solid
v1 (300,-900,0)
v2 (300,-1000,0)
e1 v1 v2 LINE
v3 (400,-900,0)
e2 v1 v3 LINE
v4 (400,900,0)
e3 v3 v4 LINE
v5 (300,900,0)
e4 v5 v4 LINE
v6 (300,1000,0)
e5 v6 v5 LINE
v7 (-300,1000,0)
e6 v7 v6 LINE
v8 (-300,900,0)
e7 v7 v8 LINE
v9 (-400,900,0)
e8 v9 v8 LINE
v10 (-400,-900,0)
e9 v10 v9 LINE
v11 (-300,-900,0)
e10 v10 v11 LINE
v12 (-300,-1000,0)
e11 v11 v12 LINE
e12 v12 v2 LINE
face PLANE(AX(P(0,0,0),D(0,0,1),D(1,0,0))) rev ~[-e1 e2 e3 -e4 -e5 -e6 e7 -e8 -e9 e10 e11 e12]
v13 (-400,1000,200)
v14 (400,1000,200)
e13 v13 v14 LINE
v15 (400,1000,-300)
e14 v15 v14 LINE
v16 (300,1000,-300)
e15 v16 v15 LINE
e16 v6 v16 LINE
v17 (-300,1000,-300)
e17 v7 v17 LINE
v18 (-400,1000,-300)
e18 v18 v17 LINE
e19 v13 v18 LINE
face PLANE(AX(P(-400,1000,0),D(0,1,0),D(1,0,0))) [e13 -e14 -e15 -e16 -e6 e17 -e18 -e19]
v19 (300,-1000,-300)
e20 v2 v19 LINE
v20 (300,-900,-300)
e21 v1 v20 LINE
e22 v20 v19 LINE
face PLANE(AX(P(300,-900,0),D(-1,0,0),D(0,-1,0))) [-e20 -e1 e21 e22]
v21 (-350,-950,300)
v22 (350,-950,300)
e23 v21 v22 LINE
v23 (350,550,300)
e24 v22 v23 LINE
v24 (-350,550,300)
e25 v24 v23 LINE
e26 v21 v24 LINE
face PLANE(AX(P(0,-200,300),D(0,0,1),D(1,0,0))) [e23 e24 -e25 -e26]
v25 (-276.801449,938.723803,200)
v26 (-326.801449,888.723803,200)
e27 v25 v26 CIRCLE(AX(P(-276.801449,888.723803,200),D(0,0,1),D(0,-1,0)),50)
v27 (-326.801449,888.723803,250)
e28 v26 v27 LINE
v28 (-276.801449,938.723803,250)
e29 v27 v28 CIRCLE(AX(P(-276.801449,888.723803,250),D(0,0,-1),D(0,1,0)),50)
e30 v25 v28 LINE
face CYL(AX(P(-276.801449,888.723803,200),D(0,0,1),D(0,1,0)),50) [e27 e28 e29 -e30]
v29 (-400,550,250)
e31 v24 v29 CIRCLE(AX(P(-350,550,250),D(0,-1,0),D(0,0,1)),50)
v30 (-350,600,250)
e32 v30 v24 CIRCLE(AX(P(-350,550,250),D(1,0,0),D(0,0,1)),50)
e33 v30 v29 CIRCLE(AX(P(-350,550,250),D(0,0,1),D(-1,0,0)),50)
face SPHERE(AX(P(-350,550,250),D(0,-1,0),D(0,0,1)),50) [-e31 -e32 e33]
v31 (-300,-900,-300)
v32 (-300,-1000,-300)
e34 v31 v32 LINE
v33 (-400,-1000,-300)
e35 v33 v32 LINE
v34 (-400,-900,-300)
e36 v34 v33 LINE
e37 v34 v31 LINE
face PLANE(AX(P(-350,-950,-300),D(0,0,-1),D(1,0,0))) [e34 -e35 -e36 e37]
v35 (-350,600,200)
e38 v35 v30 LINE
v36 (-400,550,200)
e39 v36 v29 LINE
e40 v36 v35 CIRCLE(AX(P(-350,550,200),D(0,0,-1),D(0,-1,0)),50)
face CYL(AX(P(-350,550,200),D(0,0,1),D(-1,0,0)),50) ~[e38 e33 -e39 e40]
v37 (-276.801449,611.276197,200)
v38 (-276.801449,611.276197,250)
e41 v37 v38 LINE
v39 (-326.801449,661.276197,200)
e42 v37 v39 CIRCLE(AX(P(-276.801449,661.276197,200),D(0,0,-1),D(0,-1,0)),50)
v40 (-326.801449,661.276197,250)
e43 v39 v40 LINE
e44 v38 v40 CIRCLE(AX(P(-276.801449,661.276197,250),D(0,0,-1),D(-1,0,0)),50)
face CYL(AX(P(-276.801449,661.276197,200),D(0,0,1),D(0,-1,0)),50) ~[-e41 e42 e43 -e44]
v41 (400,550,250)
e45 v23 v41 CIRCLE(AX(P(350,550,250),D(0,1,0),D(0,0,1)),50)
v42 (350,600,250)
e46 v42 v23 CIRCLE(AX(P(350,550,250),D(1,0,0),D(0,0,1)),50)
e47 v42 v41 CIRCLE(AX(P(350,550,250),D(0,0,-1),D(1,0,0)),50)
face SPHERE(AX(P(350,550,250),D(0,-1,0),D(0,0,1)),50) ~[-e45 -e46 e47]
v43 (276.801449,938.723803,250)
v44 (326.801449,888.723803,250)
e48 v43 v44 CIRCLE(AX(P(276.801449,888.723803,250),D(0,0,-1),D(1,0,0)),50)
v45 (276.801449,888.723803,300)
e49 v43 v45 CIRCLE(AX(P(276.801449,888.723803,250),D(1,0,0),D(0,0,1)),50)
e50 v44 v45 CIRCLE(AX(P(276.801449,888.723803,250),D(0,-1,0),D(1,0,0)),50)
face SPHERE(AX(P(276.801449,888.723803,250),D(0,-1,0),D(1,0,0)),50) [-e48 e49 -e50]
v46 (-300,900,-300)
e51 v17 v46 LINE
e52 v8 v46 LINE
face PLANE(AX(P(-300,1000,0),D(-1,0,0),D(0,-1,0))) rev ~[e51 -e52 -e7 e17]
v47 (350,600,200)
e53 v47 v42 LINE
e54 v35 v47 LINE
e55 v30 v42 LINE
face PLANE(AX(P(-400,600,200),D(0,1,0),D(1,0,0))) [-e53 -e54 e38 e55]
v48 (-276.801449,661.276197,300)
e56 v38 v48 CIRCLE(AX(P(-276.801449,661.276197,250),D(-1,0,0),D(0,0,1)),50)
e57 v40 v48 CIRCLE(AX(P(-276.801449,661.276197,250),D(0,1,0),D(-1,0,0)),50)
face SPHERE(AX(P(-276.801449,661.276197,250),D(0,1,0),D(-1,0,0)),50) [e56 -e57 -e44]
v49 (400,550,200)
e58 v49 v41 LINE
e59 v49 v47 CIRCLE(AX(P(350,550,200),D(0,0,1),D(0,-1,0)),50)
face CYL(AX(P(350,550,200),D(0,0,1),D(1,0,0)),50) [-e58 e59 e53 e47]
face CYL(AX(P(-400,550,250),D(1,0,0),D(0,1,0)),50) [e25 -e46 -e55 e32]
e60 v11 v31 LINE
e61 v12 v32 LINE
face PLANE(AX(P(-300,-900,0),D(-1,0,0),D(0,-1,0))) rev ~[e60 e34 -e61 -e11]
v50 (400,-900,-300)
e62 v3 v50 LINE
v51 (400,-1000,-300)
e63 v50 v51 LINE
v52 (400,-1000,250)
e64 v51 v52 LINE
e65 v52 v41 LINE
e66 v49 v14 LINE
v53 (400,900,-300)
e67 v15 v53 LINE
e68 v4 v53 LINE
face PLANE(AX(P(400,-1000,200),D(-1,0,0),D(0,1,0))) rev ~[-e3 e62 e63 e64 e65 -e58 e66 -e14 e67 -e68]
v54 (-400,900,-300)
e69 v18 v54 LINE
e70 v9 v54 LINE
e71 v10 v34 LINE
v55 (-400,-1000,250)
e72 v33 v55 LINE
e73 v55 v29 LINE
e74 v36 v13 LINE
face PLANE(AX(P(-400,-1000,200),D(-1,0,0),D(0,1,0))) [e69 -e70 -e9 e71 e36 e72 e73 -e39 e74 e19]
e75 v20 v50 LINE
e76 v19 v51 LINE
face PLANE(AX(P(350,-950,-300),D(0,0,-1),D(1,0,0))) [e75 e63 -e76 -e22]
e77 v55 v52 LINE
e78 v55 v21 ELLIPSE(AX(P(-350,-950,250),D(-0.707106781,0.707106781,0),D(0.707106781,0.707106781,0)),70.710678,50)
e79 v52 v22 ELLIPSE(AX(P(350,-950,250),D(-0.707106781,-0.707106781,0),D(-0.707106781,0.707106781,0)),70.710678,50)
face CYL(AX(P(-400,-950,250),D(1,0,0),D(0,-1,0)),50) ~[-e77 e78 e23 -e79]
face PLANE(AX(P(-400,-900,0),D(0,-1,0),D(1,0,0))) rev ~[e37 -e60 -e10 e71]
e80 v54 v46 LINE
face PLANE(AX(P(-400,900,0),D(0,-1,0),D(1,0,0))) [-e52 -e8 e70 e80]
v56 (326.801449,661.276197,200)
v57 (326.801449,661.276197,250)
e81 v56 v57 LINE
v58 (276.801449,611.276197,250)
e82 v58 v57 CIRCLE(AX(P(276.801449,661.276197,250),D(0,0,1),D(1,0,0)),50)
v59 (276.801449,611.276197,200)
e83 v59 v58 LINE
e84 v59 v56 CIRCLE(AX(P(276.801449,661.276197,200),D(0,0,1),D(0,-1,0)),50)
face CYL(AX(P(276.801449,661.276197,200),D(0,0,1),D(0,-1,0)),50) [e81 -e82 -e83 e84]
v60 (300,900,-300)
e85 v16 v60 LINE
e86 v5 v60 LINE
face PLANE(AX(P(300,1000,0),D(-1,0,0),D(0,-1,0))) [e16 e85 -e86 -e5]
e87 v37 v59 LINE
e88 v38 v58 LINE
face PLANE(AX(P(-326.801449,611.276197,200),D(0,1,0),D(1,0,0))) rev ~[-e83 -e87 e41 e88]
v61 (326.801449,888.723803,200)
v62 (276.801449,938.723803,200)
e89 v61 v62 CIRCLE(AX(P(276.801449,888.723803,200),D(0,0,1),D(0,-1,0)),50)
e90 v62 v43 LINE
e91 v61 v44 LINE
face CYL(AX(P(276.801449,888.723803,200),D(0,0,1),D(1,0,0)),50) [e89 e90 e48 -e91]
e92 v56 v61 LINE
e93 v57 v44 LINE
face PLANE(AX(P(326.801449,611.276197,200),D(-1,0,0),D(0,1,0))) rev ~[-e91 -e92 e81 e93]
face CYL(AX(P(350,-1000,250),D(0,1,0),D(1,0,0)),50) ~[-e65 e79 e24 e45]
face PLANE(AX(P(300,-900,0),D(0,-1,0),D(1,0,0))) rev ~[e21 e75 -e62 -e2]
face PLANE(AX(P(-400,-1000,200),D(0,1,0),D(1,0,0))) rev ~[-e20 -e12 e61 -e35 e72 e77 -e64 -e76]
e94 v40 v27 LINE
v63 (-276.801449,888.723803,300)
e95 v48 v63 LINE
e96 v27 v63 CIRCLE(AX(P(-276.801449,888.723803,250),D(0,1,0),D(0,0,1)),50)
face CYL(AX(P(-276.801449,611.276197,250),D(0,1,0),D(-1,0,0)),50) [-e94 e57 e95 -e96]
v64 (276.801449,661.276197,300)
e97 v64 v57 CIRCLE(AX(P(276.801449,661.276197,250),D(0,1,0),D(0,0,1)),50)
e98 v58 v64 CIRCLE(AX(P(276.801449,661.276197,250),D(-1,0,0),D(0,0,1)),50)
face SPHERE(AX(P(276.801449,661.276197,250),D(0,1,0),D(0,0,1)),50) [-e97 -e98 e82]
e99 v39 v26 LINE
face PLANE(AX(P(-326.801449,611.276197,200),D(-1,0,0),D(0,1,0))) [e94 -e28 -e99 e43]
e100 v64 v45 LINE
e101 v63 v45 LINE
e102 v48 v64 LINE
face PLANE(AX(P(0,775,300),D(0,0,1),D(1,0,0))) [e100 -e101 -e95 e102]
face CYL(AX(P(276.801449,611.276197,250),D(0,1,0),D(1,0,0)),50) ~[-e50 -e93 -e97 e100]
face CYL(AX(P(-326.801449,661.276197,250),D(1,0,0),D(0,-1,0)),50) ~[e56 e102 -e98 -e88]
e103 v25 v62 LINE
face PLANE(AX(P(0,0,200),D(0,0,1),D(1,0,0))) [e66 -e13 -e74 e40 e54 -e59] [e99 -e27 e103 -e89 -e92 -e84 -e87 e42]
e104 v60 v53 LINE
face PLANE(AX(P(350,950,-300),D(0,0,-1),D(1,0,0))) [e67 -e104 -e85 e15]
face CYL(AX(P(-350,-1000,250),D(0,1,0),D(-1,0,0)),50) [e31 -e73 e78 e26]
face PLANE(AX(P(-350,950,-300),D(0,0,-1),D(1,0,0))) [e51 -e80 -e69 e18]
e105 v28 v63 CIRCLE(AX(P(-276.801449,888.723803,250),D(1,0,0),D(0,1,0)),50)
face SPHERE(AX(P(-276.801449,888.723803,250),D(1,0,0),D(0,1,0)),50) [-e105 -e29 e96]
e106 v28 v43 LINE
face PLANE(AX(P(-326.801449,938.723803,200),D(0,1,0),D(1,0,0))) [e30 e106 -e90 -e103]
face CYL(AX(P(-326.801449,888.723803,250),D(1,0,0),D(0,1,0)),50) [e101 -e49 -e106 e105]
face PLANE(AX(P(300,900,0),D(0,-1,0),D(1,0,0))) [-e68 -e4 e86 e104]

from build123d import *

# Parameters (mm, degrees)
F0_W     = 800
F0_H     = 2000
F1_DEPTH = 200
F2_W     = 100
F2_H     = 100
F3_DEPTH = 300
F4_W     = 800
F4_H     = 1600
F5_DEPTH = 100
F6_R     = 50
F7_W     = 653.6028981209
F7_H     = 327.4476051331
F8_DEPTH = 100
F9_R     = 50


with BuildPart() as f1:
    # F0 (on Top) → F1 (new body)
    with BuildSketch(Plane.XY):
        Rectangle(F0_W, F0_H)
    extrude(amount=F1_DEPTH)

    # F2 (on face) → F3 (join)
    with BuildSketch(Plane(origin=(0, 0, 0), x_dir=(1, 0, 0), z_dir=(0, 0, -1))):
        with Locations((350, 950)):
            Rectangle(F2_W, F2_H)
        with Locations((-350, 950)):
            Rectangle(F2_W, F2_H)
        with Locations((-350, -950)):
            Rectangle(F2_W, F2_H)
        with Locations((350, -950)):
            Rectangle(F2_W, F2_H)
    extrude(amount=F3_DEPTH)

    # F4 (on face) → F5 (join)
    with BuildSketch(Plane.XY.offset(200)):
        with Locations((0, -200)):
            Rectangle(F4_W, F4_H)
    extrude(amount=F5_DEPTH)

    # F6
    f6_edges = [f1.edges().sort_by_distance(p)[0] for p in [
        (400, -200, 300),
        (0, -1000, 300),
        (-400, -200, 300),
        (0, 600, 300),
        (400, 600, 250),
        (-400, 600, 250),
    ]]
    fillet(f6_edges, radius=F6_R)

    # F7 (on face) → F8 (join)
    with BuildSketch(Plane.XY.offset(200)):
        with Locations((0, 775)):
            Rectangle(F7_W, F7_H)
    extrude(amount=F8_DEPTH)

    # F9
    f9_edges = [f1.edges().sort_by_distance(p)[0] for p in [
        (326.801449, 775, 300),
        (326.801449, 938.723803, 250),
        (0, 938.723803, 300),
        (-326.801449, 938.723803, 250),
        (-326.801449, 775, 300),
        (-326.801449, 611.276197, 250),
        (0, 611.276197, 300),
        (326.801449, 611.276197, 250),
    ]]
    fillet(f9_edges, radius=F9_R)


solid = f1.part
